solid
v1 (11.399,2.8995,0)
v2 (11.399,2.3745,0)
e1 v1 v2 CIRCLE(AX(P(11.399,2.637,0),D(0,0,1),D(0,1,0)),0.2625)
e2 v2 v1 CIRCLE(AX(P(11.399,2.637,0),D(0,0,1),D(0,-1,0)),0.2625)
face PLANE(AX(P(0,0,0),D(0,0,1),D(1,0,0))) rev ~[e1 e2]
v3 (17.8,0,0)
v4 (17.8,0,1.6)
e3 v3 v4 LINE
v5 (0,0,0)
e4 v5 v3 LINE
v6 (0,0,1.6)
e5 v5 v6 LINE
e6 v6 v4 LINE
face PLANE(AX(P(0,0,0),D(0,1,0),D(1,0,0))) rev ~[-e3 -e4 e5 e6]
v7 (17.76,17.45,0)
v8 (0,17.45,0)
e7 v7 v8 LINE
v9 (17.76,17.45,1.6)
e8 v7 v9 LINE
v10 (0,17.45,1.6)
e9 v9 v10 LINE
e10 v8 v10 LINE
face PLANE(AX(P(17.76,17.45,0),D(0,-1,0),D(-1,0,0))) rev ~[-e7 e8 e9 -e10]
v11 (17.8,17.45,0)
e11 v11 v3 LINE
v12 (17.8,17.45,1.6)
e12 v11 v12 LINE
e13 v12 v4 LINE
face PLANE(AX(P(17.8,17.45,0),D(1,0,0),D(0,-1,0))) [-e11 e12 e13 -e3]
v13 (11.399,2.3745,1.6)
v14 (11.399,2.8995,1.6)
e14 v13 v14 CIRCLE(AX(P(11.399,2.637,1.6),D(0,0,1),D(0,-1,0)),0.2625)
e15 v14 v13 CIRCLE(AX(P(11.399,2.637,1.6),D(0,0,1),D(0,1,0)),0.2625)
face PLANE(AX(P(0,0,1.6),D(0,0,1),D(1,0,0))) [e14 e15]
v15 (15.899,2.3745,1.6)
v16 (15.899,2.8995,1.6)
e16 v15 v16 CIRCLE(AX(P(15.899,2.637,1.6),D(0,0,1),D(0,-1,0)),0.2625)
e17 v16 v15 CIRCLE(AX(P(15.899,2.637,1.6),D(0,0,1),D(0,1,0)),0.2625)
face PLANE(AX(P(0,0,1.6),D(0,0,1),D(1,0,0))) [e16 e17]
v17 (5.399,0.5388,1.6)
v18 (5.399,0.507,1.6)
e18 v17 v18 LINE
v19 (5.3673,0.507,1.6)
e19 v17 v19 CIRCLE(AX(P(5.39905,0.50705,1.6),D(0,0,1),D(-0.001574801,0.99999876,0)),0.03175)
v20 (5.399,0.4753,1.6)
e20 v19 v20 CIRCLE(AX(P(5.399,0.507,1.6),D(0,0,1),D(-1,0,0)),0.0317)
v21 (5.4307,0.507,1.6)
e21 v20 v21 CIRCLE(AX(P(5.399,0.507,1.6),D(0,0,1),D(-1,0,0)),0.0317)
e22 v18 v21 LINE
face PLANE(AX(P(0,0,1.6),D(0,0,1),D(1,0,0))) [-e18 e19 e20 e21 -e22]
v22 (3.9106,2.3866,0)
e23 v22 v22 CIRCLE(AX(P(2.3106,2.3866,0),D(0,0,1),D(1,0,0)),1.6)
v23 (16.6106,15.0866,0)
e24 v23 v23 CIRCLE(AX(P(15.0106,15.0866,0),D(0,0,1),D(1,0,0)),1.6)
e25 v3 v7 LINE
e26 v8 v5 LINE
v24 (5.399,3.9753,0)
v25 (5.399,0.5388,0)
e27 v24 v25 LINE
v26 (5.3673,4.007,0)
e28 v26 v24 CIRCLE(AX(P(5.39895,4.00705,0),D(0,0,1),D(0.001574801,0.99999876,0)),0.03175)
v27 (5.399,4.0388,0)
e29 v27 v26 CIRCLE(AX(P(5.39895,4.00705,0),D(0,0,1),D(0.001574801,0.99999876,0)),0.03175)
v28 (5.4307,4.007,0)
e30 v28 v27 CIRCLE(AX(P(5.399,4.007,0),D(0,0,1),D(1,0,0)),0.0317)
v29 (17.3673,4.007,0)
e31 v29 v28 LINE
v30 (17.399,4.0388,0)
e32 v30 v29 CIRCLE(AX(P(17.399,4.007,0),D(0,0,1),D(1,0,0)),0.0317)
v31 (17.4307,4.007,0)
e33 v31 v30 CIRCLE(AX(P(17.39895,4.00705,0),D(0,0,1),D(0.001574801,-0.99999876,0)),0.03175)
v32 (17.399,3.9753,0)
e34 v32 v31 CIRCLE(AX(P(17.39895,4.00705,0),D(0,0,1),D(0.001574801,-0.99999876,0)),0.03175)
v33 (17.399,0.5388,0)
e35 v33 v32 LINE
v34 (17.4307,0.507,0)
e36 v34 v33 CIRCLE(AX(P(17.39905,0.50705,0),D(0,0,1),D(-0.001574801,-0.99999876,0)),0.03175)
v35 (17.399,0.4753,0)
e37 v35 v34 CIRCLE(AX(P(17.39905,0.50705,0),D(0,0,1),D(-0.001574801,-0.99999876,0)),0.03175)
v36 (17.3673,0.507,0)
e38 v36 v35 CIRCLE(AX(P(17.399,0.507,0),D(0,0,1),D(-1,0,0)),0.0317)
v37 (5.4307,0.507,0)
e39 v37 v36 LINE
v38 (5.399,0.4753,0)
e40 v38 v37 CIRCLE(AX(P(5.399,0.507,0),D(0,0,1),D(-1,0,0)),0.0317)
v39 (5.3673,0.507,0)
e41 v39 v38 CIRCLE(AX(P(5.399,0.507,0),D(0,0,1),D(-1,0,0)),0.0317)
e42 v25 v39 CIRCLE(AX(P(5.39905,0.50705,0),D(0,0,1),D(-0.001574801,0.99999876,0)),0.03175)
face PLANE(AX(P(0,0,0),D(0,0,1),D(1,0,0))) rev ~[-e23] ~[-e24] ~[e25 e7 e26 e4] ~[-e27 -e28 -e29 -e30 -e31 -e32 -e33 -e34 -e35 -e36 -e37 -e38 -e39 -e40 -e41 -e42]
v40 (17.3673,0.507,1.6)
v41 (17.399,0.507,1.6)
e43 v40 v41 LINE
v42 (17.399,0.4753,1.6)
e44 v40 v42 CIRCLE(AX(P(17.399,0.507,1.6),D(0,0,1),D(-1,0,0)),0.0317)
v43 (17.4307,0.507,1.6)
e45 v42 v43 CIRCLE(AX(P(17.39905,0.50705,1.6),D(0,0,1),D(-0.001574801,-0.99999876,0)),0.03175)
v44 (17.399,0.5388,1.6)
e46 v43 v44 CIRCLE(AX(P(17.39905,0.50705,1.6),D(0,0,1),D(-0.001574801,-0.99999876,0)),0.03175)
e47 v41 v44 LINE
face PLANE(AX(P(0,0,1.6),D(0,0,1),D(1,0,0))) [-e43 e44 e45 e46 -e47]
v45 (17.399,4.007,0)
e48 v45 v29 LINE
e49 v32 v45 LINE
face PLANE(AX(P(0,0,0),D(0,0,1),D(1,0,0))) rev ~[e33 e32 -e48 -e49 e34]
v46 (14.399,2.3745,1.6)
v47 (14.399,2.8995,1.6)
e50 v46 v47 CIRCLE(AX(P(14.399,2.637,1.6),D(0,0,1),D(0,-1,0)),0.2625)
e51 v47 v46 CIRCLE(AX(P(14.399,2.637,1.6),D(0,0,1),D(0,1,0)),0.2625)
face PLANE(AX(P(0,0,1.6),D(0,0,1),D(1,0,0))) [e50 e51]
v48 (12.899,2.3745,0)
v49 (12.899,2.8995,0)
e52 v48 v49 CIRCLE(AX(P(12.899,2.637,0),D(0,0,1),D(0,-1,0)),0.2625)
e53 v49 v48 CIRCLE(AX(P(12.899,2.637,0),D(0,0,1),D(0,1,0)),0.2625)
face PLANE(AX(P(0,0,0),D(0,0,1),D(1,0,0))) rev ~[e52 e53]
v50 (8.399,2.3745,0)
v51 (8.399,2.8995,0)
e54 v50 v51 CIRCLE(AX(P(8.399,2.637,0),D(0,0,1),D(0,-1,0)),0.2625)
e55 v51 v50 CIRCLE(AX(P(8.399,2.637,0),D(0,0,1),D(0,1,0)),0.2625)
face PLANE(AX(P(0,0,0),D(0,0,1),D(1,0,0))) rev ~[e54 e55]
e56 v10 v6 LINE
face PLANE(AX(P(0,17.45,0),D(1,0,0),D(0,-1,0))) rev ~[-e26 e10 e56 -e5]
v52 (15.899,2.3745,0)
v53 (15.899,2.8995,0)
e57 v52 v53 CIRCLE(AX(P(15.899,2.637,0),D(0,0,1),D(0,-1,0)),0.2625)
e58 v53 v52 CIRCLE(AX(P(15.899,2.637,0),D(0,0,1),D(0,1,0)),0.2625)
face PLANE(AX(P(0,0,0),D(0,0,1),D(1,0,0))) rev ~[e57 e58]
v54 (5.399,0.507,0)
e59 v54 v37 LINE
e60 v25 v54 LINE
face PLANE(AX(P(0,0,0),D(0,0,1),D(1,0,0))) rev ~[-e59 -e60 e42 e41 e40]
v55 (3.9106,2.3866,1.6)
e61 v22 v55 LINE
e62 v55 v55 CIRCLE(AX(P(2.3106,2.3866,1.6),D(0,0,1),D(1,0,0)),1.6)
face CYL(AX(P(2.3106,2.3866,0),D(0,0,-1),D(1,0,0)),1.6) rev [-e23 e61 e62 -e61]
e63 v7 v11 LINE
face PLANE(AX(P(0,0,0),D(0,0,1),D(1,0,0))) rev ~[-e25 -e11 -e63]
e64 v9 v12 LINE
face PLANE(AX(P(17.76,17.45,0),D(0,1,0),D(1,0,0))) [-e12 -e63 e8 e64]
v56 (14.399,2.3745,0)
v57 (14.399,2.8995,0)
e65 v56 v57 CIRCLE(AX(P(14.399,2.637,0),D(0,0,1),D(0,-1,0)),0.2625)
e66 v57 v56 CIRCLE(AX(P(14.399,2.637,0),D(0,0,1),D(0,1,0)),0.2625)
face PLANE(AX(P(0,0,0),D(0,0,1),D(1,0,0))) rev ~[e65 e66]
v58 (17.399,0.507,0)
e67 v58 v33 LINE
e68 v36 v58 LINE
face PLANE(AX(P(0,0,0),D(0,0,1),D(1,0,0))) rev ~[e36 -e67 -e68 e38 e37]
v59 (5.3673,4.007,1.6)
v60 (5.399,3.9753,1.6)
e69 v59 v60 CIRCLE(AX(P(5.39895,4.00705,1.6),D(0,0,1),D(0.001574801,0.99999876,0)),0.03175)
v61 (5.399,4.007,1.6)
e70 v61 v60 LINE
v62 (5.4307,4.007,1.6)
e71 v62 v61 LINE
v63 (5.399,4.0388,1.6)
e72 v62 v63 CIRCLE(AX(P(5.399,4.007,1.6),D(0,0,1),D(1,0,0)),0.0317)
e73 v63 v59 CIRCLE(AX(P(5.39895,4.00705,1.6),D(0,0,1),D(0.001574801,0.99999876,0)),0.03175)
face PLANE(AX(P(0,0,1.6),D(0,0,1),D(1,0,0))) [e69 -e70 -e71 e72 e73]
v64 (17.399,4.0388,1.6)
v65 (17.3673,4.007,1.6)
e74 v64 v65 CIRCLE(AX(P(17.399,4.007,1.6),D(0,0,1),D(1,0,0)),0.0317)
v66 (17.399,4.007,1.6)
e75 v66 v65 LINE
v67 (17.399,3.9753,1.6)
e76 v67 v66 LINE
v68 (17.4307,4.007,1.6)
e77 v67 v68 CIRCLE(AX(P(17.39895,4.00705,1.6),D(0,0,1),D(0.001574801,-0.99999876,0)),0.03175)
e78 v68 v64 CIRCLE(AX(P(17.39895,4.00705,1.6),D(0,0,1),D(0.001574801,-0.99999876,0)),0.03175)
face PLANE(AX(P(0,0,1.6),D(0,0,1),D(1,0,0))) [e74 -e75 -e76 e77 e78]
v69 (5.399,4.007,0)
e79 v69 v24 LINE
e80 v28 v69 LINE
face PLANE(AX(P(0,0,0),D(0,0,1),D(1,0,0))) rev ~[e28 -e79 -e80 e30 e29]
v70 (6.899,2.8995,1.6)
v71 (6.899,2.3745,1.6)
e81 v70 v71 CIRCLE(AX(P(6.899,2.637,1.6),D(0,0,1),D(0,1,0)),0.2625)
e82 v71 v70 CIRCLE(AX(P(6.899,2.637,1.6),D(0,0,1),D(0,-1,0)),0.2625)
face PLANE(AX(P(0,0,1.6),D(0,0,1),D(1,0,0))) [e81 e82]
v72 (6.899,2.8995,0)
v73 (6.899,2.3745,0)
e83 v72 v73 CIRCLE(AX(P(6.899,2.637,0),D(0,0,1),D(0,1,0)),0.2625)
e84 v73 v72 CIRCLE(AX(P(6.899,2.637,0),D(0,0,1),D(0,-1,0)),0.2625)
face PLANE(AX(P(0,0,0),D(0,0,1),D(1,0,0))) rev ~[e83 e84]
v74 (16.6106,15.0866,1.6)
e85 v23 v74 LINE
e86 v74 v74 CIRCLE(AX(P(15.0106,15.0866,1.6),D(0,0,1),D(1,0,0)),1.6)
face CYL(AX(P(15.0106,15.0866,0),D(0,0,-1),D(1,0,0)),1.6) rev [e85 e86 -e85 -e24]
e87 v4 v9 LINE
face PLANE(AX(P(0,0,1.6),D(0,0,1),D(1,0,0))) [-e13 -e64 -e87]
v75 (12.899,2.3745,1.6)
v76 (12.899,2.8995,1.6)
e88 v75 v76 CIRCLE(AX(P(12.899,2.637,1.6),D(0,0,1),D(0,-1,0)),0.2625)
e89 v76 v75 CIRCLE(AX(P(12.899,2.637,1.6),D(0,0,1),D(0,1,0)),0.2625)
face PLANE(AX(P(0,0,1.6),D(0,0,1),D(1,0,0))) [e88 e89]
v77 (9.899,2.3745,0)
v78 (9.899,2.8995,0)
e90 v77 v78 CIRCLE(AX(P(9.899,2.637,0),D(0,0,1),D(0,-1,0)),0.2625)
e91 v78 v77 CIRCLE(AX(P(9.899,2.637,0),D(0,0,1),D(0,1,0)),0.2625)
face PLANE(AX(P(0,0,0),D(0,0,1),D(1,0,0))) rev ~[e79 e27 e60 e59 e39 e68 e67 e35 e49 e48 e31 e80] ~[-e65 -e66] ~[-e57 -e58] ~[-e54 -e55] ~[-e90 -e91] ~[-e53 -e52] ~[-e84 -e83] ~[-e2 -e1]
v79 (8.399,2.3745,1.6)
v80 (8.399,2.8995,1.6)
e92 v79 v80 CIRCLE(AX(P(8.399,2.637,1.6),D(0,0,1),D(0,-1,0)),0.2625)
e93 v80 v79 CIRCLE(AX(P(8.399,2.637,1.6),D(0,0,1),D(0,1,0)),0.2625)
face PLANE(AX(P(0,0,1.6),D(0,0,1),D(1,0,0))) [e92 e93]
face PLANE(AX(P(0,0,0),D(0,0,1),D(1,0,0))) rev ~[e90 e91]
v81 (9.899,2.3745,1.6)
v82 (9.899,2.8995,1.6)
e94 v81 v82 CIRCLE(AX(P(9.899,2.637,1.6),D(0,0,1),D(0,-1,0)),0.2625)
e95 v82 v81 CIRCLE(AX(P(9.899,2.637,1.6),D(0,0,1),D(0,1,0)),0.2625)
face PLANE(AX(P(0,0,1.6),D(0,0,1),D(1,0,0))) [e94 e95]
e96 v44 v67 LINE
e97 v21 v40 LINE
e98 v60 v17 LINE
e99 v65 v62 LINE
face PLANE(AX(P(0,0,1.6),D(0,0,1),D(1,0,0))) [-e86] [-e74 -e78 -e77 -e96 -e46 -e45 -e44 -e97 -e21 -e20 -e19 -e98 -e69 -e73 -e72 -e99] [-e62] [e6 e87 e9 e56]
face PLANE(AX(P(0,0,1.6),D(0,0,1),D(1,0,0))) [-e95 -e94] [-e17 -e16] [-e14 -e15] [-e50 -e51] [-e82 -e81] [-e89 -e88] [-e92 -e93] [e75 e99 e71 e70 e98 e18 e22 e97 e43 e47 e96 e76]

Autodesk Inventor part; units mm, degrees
ref_plane "YZ Plane" through (0, 0, 0) normal (1, 0, 0) x (0, 1, 0)
ref_plane "XZ Plane" through (0, 0, 0) normal (0, 1, 0) x (-1, 0, 0)
ref_plane "XY Plane" through (0, 0, 0) normal (0, 0, 1) x (1, 0, 0)
sketch "スケッチ1" plane through (0, 0, 0) normal (0, 0, 1) x (1, 0, 0)
  line L0 (0, 0) -> (17.8, 0)
  line L1 (17.8, 0) -> (17.76, 17.45)
  line L2 (17.76, 17.45) -> (0, 17.45)
  line L3 (0, 17.45) -> (0, 0)
  line L4 (17.399, 4.007) -> (5.399, 4.007)
  arc A0 (5.399, 4.0388) -> (5.399, 3.9753) centre (5.399, 4.007) ccw
  arc A1 (17.399, 3.9753) -> (17.399, 4.0388) centre (17.399, 4.007) ccw
  line L5 (5.399, 4.007) -> (5.399, 0.507)
  arc A2 (5.3673, 0.507) -> (5.4307, 0.507) centre (5.399, 0.507) ccw
  arc A3 (5.4307, 4.007) -> (5.3673, 4.007) centre (5.399, 4.007) ccw
  line L6 (5.399, 0.507) -> (17.399, 0.507)
  arc A4 (17.399, 0.4753) -> (17.399, 0.5388) centre (17.399, 0.5071) ccw
  arc A5 (5.399, 0.5388) -> (5.399, 0.4753) centre (5.399, 0.5071) ccw
  line L7 (17.399, 0.507) -> (17.399, 4.007)
  arc A6 (17.4307, 4.007) -> (17.3673, 4.007) centre (17.399, 4.007) ccw
  arc A7 (17.3673, 0.507) -> (17.4307, 0.507) centre (17.399, 0.507) ccw
  arc A8 (6.899, 2.8995) -> (6.899, 2.3745) centre (6.899, 2.637) ccw
  arc A9 (6.899, 2.3745) -> (6.899, 2.8995) centre (6.899, 2.637) ccw
  arc A10 (6.899, 2.8995) -> (6.899, 2.3745) centre (6.899, 2.637) ccw
  arc A11 (6.899, 2.3745) -> (6.899, 2.8995) centre (6.899, 2.637) ccw
  arc A12 (8.399, 2.8995) -> (8.399, 2.3745) centre (8.399, 2.637) ccw
  arc A13 (8.399, 2.3745) -> (8.399, 2.8995) centre (8.399, 2.637) ccw
  arc A14 (8.399, 2.8995) -> (8.399, 2.3745) centre (8.399, 2.637) ccw
  arc A15 (8.399, 2.3745) -> (8.399, 2.8995) centre (8.399, 2.637) ccw
  arc A16 (9.899, 2.8995) -> (9.899, 2.3745) centre (9.899, 2.637) ccw
  arc A17 (9.899, 2.3745) -> (9.899, 2.8995) centre (9.899, 2.637) ccw
  arc A18 (9.899, 2.8995) -> (9.899, 2.3745) centre (9.899, 2.637) ccw
  arc A19 (9.899, 2.3745) -> (9.899, 2.8995) centre (9.899, 2.637) ccw
  arc A20 (11.399, 2.8995) -> (11.399, 2.3745) centre (11.399, 2.637) ccw
  arc A21 (11.399, 2.3745) -> (11.399, 2.8995) centre (11.399, 2.637) ccw
  arc A22 (11.399, 2.8995) -> (11.399, 2.3745) centre (11.399, 2.637) ccw
  arc A23 (11.399, 2.3745) -> (11.399, 2.8995) centre (11.399, 2.637) ccw
  arc A24 (12.899, 2.8995) -> (12.899, 2.3745) centre (12.899, 2.637) ccw
  arc A25 (12.899, 2.3745) -> (12.899, 2.8995) centre (12.899, 2.637) ccw
  arc A26 (12.899, 2.8995) -> (12.899, 2.3745) centre (12.899, 2.637) ccw
  arc A27 (12.899, 2.3745) -> (12.899, 2.8995) centre (12.899, 2.637) ccw
  arc A28 (14.399, 2.8995) -> (14.399, 2.3745) centre (14.399, 2.637) ccw
  arc A29 (14.399, 2.3745) -> (14.399, 2.8995) centre (14.399, 2.637) ccw
  arc A30 (14.399, 2.8995) -> (14.399, 2.3745) centre (14.399, 2.637) ccw
  arc A31 (14.399, 2.3745) -> (14.399, 2.8995) centre (14.399, 2.637) ccw
  arc A32 (15.899, 2.8995) -> (15.899, 2.3745) centre (15.899, 2.637) ccw
  arc A33 (15.899, 2.3745) -> (15.899, 2.8995) centre (15.899, 2.637) ccw
  arc A34 (15.899, 2.8995) -> (15.899, 2.3745) centre (15.899, 2.637) ccw
  arc A35 (15.899, 2.3745) -> (15.899, 2.8995) centre (15.899, 2.637) ccw
  line L8 (0, 17.45) -> (17.8, 17.45)
  line L9 (17.8, 17.45) -> (17.8, 0)
  line L10 (17.8, 0) -> (0, 0)
  line L11 (0, 0) -> (0, 17.45)
  circle A36 centre (15.0106, 15.0866) radius 1.6
  circle A37 centre (2.3106, 2.3866) radius 1.6
  dimension "d0" = 3.2
  dimension "d1" = 3.2
  dimension "d2" = 12.7
  dimension "d3" = 12.7
extrude "押し出し1" add sketch "スケッチ1" along normal blind 1.6 contours L3 L2 L1 L0 | L1 L8 L9 | L7 L6 L5 L4 | L4 A6 A1 L7 | L4 L5 A0 A3 | A4 A7 L6 L7 | L5 L6 A2 A5 | A9 A8 | A13 A12 | A17 A16 | A21 A20 | A25 A24 | A29 A28 | A33 A32
sketch "スケッチ2" plane through (0, 0, 1.6) normal (0, 0, 1) x (1, 0, 0)
  line L0 (4.476, 11.19) -> (11.1005, 11.19) construction
  line L1 (11.1005, 11.19) -> (11.1005, 8.2657) construction
  line L2 (11.1005, 8.2657) -> (4.476, 8.2657) construction
  line L3 (4.476, 8.2657) -> (4.476, 11.19) construction
  point P0 (0, 0)
sketch "スケッチ3" plane through (0, 0, 0) normal (0, 0, -1) x (-1, 0, 0)
  line L0 (-15.9942, 10.8916) -> (2.8001, 10.8916) construction
  line L1 (2.8001, 10.8916) -> (2.8001, 7.6653) construction
  line L2 (2.8001, 7.6653) -> (-15.9942, 7.6653) construction
  line L3 (-15.9942, 7.6653) -> (-15.9942, 10.8916) construction
  line L4 (-17.4862, 3.551) -> (-6.147, 3.551)
  line L5 (-6.147, 3.551) -> (-6.147, 0.3282)
  line L6 (-6.147, 0.3282) -> (-17.4862, 0.3282)
  line L7 (-17.4862, 0.3282) -> (-17.4862, 3.551)
  point P0 (0, 0)
properties part number "Color"
